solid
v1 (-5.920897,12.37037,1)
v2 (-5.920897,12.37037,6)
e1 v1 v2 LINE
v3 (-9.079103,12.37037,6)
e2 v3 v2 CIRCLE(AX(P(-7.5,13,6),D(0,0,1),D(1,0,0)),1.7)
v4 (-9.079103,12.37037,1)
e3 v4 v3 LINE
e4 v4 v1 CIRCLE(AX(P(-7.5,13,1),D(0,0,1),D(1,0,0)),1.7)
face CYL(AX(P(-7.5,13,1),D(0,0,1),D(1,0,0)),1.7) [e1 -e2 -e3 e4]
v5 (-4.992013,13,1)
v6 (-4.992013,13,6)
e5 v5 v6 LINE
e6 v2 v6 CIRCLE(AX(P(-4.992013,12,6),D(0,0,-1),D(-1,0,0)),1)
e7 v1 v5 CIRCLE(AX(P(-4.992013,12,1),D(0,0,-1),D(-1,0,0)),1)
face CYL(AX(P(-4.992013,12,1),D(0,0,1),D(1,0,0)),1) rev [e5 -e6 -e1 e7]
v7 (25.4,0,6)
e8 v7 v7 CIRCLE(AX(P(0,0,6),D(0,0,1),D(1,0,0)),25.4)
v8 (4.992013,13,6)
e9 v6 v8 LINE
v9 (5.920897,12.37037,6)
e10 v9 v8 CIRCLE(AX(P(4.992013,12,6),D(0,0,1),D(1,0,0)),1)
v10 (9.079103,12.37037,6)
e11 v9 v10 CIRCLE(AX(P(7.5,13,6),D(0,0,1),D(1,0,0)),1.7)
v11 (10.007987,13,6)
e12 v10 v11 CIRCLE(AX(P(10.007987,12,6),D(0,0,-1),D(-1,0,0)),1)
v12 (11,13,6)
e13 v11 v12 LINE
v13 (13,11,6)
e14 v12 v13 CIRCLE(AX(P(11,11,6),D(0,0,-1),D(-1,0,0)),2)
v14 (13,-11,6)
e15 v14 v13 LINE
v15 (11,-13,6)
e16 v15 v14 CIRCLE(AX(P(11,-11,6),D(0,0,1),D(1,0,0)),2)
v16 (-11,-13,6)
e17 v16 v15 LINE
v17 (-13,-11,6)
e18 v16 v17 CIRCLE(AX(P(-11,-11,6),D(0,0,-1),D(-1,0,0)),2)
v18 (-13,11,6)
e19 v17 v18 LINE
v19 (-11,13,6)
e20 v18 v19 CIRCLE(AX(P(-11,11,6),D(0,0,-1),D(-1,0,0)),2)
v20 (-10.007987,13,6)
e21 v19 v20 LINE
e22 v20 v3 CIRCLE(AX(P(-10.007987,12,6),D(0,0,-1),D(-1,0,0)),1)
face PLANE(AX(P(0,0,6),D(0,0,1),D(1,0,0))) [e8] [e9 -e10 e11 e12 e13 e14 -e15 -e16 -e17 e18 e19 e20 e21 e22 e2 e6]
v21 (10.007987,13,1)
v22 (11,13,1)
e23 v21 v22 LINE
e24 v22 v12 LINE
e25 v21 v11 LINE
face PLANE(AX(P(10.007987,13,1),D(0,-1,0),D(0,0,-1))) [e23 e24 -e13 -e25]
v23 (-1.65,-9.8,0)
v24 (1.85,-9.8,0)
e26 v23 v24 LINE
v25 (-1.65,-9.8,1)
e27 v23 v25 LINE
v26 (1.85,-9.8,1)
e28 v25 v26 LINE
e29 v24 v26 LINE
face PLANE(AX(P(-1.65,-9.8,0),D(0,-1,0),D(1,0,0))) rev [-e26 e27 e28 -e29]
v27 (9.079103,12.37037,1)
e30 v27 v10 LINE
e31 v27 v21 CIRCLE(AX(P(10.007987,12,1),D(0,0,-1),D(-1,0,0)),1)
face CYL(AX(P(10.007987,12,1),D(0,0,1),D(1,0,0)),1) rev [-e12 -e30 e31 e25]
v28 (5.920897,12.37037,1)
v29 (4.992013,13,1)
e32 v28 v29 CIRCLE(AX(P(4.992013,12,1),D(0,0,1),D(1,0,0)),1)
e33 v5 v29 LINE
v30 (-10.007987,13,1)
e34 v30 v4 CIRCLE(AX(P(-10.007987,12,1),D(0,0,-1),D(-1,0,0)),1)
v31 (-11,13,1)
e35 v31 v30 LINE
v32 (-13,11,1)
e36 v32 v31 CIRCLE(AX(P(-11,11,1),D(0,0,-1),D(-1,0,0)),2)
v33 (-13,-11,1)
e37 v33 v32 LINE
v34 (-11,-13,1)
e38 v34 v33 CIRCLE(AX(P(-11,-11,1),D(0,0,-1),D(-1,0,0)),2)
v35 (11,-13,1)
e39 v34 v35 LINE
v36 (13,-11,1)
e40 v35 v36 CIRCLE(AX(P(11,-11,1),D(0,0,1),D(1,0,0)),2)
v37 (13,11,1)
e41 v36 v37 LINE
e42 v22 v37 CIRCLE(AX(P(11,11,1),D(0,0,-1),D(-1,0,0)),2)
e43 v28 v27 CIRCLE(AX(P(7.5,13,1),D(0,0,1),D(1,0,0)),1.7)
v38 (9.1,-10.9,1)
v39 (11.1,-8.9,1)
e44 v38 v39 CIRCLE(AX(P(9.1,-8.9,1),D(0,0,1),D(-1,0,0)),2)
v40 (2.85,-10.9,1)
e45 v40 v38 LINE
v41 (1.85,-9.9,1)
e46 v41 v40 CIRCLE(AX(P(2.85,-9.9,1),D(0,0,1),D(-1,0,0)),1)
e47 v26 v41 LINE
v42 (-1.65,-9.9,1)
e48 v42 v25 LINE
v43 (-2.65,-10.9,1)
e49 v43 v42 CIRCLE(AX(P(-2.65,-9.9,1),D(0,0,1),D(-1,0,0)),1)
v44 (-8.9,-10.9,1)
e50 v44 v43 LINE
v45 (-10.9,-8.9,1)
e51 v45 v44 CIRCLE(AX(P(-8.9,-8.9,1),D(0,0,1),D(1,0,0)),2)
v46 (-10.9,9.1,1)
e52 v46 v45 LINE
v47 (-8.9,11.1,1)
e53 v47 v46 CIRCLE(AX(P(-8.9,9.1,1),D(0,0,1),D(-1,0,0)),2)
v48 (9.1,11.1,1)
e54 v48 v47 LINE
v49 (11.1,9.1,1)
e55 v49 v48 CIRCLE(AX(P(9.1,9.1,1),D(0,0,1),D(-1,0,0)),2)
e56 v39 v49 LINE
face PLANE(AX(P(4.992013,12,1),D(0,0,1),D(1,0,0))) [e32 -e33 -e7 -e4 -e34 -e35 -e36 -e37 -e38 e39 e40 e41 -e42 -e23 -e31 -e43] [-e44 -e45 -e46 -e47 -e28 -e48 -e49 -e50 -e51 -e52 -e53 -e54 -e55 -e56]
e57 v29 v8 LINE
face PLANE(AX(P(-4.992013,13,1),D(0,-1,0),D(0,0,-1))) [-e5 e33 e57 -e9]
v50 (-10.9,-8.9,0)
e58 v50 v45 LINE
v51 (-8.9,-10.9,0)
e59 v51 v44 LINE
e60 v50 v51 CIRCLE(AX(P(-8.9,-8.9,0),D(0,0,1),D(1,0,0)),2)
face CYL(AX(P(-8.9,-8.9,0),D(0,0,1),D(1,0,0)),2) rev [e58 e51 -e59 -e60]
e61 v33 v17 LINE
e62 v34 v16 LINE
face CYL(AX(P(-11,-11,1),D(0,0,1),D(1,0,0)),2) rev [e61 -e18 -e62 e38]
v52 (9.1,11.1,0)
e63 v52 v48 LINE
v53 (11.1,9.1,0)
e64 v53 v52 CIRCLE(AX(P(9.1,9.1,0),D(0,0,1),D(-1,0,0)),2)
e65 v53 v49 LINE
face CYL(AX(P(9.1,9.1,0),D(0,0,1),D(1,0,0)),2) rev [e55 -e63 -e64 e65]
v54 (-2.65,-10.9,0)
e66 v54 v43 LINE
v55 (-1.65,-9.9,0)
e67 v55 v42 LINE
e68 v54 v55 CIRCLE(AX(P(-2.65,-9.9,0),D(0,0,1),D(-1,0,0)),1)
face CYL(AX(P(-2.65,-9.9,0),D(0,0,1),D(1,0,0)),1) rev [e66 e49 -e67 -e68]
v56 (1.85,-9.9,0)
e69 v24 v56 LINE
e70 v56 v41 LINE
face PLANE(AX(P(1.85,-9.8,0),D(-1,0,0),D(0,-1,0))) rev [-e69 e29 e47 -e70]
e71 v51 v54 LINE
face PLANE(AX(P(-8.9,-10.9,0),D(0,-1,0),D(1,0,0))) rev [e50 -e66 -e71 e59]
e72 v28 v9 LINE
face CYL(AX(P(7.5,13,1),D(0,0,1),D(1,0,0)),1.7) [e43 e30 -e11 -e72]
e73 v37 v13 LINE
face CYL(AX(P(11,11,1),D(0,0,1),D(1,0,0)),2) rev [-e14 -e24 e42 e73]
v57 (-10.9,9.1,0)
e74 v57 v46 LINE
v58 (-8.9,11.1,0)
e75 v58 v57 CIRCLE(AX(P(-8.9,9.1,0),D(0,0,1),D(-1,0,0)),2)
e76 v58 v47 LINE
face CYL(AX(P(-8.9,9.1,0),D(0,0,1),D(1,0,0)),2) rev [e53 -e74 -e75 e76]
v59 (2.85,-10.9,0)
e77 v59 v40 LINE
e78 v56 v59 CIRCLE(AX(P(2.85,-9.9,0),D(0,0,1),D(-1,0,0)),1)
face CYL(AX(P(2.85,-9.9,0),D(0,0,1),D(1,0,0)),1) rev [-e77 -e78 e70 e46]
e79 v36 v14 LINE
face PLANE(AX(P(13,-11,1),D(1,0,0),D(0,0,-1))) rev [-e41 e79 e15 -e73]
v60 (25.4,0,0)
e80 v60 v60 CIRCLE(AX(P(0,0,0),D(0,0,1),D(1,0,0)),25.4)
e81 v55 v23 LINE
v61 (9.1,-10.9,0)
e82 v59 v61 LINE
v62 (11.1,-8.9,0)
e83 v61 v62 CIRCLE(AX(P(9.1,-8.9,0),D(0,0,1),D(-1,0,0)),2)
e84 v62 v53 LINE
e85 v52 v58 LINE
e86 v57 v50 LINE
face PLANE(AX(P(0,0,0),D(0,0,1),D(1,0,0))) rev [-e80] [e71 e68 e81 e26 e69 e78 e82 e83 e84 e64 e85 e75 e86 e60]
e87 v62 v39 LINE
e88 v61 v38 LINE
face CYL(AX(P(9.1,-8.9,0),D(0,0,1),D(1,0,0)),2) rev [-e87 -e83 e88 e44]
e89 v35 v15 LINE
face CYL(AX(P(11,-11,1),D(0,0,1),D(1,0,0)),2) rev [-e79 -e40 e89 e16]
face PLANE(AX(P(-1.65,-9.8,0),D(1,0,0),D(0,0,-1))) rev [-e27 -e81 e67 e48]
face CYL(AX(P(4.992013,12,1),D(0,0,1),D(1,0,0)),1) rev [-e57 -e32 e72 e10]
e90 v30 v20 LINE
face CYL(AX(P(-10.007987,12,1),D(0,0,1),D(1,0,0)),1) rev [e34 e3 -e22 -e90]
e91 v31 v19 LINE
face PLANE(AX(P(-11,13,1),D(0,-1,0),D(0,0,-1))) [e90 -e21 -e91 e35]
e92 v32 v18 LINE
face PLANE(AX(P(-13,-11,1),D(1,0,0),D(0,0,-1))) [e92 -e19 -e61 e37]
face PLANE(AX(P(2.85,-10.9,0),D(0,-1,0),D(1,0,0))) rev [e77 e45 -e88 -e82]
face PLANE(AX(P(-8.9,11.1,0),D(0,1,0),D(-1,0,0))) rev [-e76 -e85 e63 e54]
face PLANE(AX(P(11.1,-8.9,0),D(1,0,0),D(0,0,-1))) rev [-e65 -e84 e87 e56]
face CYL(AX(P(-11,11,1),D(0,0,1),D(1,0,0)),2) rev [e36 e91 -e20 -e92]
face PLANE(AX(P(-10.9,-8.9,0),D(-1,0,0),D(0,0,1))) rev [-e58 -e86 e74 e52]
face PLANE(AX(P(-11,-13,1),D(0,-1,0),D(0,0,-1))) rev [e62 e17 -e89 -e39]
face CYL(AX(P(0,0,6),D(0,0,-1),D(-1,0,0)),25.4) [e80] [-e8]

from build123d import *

# Parameters (mm, degrees)
SKETCH1_R           = 25.4
BOSS_EXTRUDE1_DEPTH = 6
CUT_EXTRUDE2_DEPTH  = 5
CUT_EXTRUDE3_DEPTH  = 2


with BuildPart() as part:
    # Sketch1 → Boss-Extrude1 (new body)
    with BuildSketch(Plane.XY):
        Circle(SKETCH1_R)
    extrude(amount=BOSS_EXTRUDE1_DEPTH)

    # Sketch2 → Cut-Extrude2 (cut)
    with BuildSketch(Plane.XY.offset(6)):
        with BuildLine():
            Line((-11, -13), (11, -13))
            ThreePointArc((11, -13), (12.414213562, -12.414213562), (13, -11))
            Line((13, -11), (13, 11))
            ThreePointArc((13, 11), (12.414213562, 12.414213562), (11, 13))
            Line((11, 13), (10.007987241, 13))
            ThreePointArc((10.007987241, 13), (9.446903633, 12.827759135), (9.079103078, 12.37037037))
            ThreePointArc((9.079103078, 12.37037037), (7.5, 11.3), (5.920896922, 12.37037037))
            ThreePointArc((5.920896922, 12.37037037), (5.553096367, 12.827759135), (4.992012759, 13))
            Line((4.992012759, 13), (-4.992012759, 13))
            ThreePointArc((-4.992012759, 13), (-5.553096367, 12.827759135), (-5.920896922, 12.37037037))
            ThreePointArc((-5.920896922, 12.37037037), (-7.5, 11.3), (-9.079103078, 12.37037037))
            ThreePointArc((-9.079103078, 12.37037037), (-9.446903633, 12.827759135), (-10.007987241, 13))
            Line((-10.007987241, 13), (-11, 13))
            ThreePointArc((-11, 13), (-12.414213562, 12.414213562), (-13, 11))
            Line((-13, 11), (-13, -11))
            ThreePointArc((-13, -11), (-12.414213562, -12.414213562), (-11, -13))
        make_face()
    extrude(amount=-CUT_EXTRUDE2_DEPTH, mode=Mode.SUBTRACT)

    # Sketch3 → Cut-Extrude3 (cut, through all)
    with BuildSketch(Plane.XY.offset(1)):
        with BuildLine():
            Line((-10.9, -8.9), (-10.9, 9.1))
            ThreePointArc((-10.9, 9.1), (-10.314213562, 10.514213562), (-8.9, 11.1))
            Line((-8.9, 11.1), (9.1, 11.1))
            ThreePointArc((9.1, 11.1), (10.514213562, 10.514213562), (11.1, 9.1))
            Line((11.1, 9.1), (11.1, -8.9))
            ThreePointArc((11.1, -8.9), (10.514213562, -10.314213562), (9.1, -10.9))
            Line((9.1, -10.9), (2.85, -10.9))
            ThreePointArc((2.85, -10.9), (2.142893219, -10.607106781), (1.85, -9.9))
            Line((1.85, -9.9), (1.85, -9.8))
            Line((1.85, -9.8), (-1.65, -9.8))
            Line((-1.65, -9.8), (-1.65, -9.9))
            ThreePointArc((-1.65, -9.9), (-1.942893219, -10.607106781), (-2.65, -10.9))
            Line((-2.65, -10.9), (-8.9, -10.9))
            ThreePointArc((-8.9, -10.9), (-10.314213562, -10.314213562), (-10.9, -8.9))
        make_face()
    extrude(amount=-CUT_EXTRUDE3_DEPTH, mode=Mode.SUBTRACT)


solid = part.part
